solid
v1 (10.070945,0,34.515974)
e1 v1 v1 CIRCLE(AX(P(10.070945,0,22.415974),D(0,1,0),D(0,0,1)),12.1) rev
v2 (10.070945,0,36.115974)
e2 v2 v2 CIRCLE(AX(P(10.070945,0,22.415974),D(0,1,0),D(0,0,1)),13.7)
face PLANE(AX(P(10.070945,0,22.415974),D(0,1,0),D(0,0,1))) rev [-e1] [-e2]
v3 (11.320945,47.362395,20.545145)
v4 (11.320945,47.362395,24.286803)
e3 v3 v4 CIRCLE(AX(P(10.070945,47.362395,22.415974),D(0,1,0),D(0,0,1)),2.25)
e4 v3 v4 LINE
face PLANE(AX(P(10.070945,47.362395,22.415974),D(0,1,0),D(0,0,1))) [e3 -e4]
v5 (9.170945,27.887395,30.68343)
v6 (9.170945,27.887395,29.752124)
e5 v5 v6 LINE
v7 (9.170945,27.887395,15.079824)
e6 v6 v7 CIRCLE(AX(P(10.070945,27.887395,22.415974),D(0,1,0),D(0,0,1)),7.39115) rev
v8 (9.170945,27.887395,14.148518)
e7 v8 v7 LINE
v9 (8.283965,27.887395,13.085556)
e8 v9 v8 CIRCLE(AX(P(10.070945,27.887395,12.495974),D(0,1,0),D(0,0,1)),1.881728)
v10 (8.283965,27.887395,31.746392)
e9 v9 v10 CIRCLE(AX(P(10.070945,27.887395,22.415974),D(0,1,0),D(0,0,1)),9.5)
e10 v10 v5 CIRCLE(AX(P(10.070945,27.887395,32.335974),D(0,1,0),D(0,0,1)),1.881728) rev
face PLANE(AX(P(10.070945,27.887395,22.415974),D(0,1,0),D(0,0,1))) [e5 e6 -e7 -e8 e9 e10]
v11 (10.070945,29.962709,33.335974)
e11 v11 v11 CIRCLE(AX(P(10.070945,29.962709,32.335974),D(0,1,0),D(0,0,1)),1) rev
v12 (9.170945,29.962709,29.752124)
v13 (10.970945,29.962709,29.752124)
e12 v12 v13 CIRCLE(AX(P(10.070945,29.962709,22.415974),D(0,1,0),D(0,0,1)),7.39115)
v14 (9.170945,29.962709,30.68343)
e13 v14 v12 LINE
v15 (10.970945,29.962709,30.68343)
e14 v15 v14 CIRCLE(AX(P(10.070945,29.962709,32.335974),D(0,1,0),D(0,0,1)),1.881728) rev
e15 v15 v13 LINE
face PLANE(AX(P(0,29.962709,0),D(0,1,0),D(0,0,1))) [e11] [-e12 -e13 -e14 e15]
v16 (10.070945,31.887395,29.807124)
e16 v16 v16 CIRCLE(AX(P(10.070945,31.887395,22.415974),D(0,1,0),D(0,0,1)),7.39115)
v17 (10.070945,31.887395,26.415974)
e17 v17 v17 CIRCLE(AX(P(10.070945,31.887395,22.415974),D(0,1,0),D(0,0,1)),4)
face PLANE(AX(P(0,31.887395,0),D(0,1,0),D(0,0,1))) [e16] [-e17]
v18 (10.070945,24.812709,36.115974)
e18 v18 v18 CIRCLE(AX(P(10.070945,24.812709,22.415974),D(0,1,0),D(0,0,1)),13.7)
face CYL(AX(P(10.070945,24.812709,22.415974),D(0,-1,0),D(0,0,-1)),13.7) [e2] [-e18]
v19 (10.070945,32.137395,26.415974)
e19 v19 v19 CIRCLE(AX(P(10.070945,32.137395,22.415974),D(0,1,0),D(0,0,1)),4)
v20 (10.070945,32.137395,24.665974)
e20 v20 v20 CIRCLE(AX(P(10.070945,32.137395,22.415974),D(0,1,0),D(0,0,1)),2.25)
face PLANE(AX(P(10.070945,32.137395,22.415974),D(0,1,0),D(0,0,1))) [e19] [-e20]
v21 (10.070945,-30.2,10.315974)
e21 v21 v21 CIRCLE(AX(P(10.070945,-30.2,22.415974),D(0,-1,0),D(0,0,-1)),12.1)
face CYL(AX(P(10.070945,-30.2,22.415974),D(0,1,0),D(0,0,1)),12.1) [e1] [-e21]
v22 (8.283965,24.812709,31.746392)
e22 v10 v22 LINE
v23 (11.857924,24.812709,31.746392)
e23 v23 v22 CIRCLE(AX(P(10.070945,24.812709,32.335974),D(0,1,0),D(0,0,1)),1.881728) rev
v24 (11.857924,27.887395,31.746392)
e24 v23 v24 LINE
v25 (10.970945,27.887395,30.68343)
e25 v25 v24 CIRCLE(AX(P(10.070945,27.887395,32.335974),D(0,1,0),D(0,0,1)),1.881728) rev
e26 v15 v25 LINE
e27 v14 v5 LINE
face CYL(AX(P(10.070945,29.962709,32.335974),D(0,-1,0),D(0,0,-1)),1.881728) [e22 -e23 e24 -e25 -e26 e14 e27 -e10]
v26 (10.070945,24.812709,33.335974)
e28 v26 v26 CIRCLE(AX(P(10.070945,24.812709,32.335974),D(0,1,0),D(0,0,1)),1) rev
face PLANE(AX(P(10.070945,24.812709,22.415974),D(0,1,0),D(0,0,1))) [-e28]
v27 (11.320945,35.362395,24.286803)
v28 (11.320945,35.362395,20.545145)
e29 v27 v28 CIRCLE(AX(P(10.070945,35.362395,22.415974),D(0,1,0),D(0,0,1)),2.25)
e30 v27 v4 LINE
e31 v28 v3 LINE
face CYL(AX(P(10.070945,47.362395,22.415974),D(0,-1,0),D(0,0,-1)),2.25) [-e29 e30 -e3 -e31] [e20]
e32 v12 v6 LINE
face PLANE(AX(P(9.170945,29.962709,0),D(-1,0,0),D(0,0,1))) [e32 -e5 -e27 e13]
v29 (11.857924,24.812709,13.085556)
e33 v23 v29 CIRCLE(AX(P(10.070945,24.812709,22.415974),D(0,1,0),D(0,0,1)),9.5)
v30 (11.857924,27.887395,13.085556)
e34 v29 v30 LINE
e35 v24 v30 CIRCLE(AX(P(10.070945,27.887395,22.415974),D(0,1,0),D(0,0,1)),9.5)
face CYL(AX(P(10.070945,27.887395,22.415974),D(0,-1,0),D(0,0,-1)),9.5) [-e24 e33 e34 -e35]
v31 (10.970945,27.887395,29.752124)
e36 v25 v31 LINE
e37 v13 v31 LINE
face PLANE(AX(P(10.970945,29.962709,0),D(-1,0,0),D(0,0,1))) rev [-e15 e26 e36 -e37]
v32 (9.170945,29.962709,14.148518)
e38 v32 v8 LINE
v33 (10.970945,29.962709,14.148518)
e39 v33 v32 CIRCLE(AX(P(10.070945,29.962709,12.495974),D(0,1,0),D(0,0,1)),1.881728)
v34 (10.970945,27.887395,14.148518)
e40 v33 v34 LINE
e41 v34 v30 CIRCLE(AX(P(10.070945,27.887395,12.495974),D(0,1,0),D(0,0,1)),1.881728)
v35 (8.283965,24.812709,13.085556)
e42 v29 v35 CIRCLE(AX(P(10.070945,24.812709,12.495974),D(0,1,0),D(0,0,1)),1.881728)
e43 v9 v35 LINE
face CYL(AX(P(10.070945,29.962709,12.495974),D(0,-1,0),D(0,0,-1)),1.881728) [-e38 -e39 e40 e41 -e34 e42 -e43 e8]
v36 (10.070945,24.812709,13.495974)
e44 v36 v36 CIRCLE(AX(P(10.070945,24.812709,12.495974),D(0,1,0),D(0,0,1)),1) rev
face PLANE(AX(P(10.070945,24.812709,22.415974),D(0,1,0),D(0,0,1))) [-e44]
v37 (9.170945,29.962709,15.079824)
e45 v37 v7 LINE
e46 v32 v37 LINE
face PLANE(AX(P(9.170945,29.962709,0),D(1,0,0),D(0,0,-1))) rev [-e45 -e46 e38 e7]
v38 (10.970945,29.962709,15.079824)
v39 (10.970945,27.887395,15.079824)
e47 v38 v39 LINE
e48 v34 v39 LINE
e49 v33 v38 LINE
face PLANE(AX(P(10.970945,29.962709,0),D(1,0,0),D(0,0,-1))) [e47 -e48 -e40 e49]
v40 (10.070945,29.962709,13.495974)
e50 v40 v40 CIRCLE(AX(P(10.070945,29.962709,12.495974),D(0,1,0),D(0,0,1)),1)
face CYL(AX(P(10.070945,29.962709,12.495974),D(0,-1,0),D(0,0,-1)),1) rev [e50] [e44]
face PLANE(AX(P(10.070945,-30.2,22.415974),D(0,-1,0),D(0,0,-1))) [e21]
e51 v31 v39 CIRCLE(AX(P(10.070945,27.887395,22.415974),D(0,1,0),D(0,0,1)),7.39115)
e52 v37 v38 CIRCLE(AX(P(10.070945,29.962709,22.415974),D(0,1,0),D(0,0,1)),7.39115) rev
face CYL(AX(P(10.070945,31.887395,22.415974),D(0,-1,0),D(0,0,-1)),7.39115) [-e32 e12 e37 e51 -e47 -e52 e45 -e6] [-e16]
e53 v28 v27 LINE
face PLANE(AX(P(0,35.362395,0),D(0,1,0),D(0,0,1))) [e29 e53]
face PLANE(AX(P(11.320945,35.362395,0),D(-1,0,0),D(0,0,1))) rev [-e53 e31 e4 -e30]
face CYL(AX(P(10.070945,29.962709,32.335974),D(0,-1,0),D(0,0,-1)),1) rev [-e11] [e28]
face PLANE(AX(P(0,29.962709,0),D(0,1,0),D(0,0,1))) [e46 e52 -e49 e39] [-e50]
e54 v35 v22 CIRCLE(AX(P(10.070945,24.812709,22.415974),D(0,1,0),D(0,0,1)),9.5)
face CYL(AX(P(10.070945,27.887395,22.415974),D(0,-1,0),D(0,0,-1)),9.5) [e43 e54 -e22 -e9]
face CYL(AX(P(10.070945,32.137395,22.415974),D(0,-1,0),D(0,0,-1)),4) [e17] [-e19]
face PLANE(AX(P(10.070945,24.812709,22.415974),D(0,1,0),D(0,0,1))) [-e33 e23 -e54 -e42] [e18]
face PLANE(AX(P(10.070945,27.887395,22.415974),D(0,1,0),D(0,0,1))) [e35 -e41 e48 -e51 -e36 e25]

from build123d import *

# Parameters (mm, degrees)
FRONT_CYLINDER_SKETCH_R    = 13.7
FRONT_CYLINDER_DEPTH       = 24.81270946
MOUNTING_POINT_SKETCH_R    = 1
MOUNTING_POINTS_DEPTH      = 5.15
GEAR_MOUNT_BOTTOM_SKETCH_R = 9.5
GEAR_MOUNT_BOTTOM_DEPTH    = 3.074685726
GEAR_MOUNT_TOP_DEPTH       = 4
MOUNTING_HOLES_REACH       = 9.075
MOUNTING_HOLES_SKETCH_R    = 1
GEAR_DISK_SKETCH_R         = 4
GEAR_DISK_DEPTH            = 0.25
GEAR_SKETCH_R              = 2.25
GEAR_DEPTH                 = 15.225
GEAR_NOTCH_DEPTH           = 12
BACK_CYLINDER_SKETCH_R     = 12.1
BOSS_EXTRUDE7_DEPTH        = 30.2


with BuildPart() as part:
    # Front cylinder sketch → Front Cylinder (new body)
    with BuildSketch(Plane(origin=(0, 0, 0), x_dir=(1, 0, 0), z_dir=(0, 1, 0))):
        with Locations((10.070944868, -22.415974061)):
            Circle(FRONT_CYLINDER_SKETCH_R)
    extrude(amount=FRONT_CYLINDER_DEPTH)

    # Mounting Point Sketch → Mounting Points (add)
    with BuildSketch(Plane(origin=(0, 24.81270946, 0), x_dir=(1, 0, 0), z_dir=(0, 1, 0))):
        with BuildLine():
            Line((10.970944868, -15.079824378), (10.970944868, -14.148518185))
            ThreePointArc((10.970944868, -14.148518185), (10.070944868, -10.614245578), (9.170944868, -14.148518185))
            Line((9.170944868, -14.148518185), (9.170944868, -15.079824378))
            ThreePointArc((9.170944868, -15.079824378), (10.070944868, -15.024824478), (10.970944868, -15.079824378))
        make_face()
        with Locations((10.070944868, -12.495974061)):
            Circle(MOUNTING_POINT_SKETCH_R, mode=Mode.SUBTRACT)
        with BuildLine():
            Line((9.170944868, -29.752123743), (9.170944868, -30.683429936))
            ThreePointArc((9.170944868, -30.683429936), (10.070944868, -34.217702543), (10.970944868, -30.683429936))
            Line((10.970944868, -30.683429936), (10.970944868, -29.752123743))
            ThreePointArc((10.970944868, -29.752123743), (10.070944868, -29.807123644), (9.170944868, -29.752123743))
        make_face()
        with Locations((10.070944868, -32.335974061)):
            Circle(MOUNTING_POINT_SKETCH_R, mode=Mode.SUBTRACT)
    extrude(amount=MOUNTING_POINTS_DEPTH)

    # Gear Mount Bottom Sketch → Gear Mount Bottom (add)
    with BuildSketch(Plane(origin=(0, 24.81270946, 0), x_dir=(1, 0, 0), z_dir=(0, 1, 0))):
        with Locations((10.070944868, -22.415974061)):
            Circle(GEAR_MOUNT_BOTTOM_SKETCH_R)
    extrude(amount=GEAR_MOUNT_BOTTOM_DEPTH)

    # Gear Mount Top Sketch → Gear Mount Top (add)
    with BuildSketch(Plane(origin=(0, 27.887395186, 0), x_dir=(1, 0, 0), z_dir=(0, 1, 0))):
        with BuildLine():
            ThreePointArc((17.462094451, -22.415974061), (15.606336759, -17.518165493), (10.970944868, -15.079824378))
            ThreePointArc((10.970944868, -15.079824378), (10.070944868, -15.024824478), (9.170944868, -15.079824378))
            ThreePointArc((9.170944868, -15.079824378), (2.679795285, -22.415974061), (9.170944868, -29.752123743))
            ThreePointArc((9.170944868, -29.752123743), (10.070944868, -29.807123644), (10.970944868, -29.752123743))
            ThreePointArc((10.970944868, -29.752123743), (15.606336759, -27.313782629), (17.462094451, -22.415974061))
        make_face()
    extrude(amount=GEAR_MOUNT_TOP_DEPTH)

    # Mounting Holes Sketch → Mounting Holes (cut, up to next)
    with BuildSketch(Plane(origin=(0, 24.81270946, 0), x_dir=(1, 0, 0), z_dir=(0, 1, 0)), mode=Mode.PRIVATE) as mounting_holes_sk1:
        with Locations((10.070944868, -12.495974061)):
            Circle(MOUNTING_HOLES_SKETCH_R)
    mounting_holes_tool1 = extrude(mounting_holes_sk1.sketch, amount=MOUNTING_HOLES_REACH, mode=Mode.PRIVATE) & part.part
    add(mounting_holes_tool1.solids().sort_by_distance((10.070945, 24.812709, 12.495974))[0], mode=Mode.SUBTRACT)
    # Mounting Holes Sketch → Mounting Holes (cut, up to next)
    with BuildSketch(Plane(origin=(0, 24.81270946, 0), x_dir=(1, 0, 0), z_dir=(0, 1, 0)), mode=Mode.PRIVATE) as mounting_holes_sk2:
        with Locations((10.070944868, -32.335974061)):
            Circle(MOUNTING_HOLES_SKETCH_R)
    mounting_holes_tool2 = extrude(mounting_holes_sk2.sketch, amount=MOUNTING_HOLES_REACH, mode=Mode.PRIVATE) & part.part
    add(mounting_holes_tool2.solids().sort_by_distance((10.070945, 24.812709, 32.335974))[0], mode=Mode.SUBTRACT)

    # Gear Disk Sketch → Gear disk (add)
    with BuildSketch(Plane(origin=(0, 31.887395186, 0), x_dir=(1, 0, 0), z_dir=(0, 1, 0))):
        with Locations((10.070944868, -22.415974061)):
            Circle(GEAR_DISK_SKETCH_R)
    extrude(amount=GEAR_DISK_DEPTH)

    # Gear Sketch → Gear (add)
    with BuildSketch(Plane(origin=(0, 32.137395186, 0), x_dir=(1, 0, 0), z_dir=(0, 1, 0))):
        with Locations((10.070944868, -22.415974061)):
            Circle(GEAR_SKETCH_R)
    extrude(amount=GEAR_DEPTH)

    # Gear Notch Sketch → Gear Notch (cut)
    with BuildSketch(Plane(origin=(0, 47.362395186, 0), x_dir=(1, 0, 0), z_dir=(0, 1, 0))):
        with BuildLine():
            ThreePointArc((12.320944868, -22.415974061), (12.055258351, -21.355313889), (11.320944868, -20.545145367))
            Line((11.320944868, -20.545145367), (11.320944868, -24.286802754))
            ThreePointArc((11.320944868, -24.286802754), (12.055258351, -23.476634232), (12.320944868, -22.415974061))
        make_face()
    extrude(amount=-GEAR_NOTCH_DEPTH, mode=Mode.SUBTRACT)

    # Back Cylinder Sketch → Boss-Extrude7 (add)
    with BuildSketch(Plane.XZ):
        with Locations((10.070944868, 22.415974061)):
            Circle(BACK_CYLINDER_SKETCH_R)
    extrude(amount=BOSS_EXTRUDE7_DEPTH)


solid = part.part
